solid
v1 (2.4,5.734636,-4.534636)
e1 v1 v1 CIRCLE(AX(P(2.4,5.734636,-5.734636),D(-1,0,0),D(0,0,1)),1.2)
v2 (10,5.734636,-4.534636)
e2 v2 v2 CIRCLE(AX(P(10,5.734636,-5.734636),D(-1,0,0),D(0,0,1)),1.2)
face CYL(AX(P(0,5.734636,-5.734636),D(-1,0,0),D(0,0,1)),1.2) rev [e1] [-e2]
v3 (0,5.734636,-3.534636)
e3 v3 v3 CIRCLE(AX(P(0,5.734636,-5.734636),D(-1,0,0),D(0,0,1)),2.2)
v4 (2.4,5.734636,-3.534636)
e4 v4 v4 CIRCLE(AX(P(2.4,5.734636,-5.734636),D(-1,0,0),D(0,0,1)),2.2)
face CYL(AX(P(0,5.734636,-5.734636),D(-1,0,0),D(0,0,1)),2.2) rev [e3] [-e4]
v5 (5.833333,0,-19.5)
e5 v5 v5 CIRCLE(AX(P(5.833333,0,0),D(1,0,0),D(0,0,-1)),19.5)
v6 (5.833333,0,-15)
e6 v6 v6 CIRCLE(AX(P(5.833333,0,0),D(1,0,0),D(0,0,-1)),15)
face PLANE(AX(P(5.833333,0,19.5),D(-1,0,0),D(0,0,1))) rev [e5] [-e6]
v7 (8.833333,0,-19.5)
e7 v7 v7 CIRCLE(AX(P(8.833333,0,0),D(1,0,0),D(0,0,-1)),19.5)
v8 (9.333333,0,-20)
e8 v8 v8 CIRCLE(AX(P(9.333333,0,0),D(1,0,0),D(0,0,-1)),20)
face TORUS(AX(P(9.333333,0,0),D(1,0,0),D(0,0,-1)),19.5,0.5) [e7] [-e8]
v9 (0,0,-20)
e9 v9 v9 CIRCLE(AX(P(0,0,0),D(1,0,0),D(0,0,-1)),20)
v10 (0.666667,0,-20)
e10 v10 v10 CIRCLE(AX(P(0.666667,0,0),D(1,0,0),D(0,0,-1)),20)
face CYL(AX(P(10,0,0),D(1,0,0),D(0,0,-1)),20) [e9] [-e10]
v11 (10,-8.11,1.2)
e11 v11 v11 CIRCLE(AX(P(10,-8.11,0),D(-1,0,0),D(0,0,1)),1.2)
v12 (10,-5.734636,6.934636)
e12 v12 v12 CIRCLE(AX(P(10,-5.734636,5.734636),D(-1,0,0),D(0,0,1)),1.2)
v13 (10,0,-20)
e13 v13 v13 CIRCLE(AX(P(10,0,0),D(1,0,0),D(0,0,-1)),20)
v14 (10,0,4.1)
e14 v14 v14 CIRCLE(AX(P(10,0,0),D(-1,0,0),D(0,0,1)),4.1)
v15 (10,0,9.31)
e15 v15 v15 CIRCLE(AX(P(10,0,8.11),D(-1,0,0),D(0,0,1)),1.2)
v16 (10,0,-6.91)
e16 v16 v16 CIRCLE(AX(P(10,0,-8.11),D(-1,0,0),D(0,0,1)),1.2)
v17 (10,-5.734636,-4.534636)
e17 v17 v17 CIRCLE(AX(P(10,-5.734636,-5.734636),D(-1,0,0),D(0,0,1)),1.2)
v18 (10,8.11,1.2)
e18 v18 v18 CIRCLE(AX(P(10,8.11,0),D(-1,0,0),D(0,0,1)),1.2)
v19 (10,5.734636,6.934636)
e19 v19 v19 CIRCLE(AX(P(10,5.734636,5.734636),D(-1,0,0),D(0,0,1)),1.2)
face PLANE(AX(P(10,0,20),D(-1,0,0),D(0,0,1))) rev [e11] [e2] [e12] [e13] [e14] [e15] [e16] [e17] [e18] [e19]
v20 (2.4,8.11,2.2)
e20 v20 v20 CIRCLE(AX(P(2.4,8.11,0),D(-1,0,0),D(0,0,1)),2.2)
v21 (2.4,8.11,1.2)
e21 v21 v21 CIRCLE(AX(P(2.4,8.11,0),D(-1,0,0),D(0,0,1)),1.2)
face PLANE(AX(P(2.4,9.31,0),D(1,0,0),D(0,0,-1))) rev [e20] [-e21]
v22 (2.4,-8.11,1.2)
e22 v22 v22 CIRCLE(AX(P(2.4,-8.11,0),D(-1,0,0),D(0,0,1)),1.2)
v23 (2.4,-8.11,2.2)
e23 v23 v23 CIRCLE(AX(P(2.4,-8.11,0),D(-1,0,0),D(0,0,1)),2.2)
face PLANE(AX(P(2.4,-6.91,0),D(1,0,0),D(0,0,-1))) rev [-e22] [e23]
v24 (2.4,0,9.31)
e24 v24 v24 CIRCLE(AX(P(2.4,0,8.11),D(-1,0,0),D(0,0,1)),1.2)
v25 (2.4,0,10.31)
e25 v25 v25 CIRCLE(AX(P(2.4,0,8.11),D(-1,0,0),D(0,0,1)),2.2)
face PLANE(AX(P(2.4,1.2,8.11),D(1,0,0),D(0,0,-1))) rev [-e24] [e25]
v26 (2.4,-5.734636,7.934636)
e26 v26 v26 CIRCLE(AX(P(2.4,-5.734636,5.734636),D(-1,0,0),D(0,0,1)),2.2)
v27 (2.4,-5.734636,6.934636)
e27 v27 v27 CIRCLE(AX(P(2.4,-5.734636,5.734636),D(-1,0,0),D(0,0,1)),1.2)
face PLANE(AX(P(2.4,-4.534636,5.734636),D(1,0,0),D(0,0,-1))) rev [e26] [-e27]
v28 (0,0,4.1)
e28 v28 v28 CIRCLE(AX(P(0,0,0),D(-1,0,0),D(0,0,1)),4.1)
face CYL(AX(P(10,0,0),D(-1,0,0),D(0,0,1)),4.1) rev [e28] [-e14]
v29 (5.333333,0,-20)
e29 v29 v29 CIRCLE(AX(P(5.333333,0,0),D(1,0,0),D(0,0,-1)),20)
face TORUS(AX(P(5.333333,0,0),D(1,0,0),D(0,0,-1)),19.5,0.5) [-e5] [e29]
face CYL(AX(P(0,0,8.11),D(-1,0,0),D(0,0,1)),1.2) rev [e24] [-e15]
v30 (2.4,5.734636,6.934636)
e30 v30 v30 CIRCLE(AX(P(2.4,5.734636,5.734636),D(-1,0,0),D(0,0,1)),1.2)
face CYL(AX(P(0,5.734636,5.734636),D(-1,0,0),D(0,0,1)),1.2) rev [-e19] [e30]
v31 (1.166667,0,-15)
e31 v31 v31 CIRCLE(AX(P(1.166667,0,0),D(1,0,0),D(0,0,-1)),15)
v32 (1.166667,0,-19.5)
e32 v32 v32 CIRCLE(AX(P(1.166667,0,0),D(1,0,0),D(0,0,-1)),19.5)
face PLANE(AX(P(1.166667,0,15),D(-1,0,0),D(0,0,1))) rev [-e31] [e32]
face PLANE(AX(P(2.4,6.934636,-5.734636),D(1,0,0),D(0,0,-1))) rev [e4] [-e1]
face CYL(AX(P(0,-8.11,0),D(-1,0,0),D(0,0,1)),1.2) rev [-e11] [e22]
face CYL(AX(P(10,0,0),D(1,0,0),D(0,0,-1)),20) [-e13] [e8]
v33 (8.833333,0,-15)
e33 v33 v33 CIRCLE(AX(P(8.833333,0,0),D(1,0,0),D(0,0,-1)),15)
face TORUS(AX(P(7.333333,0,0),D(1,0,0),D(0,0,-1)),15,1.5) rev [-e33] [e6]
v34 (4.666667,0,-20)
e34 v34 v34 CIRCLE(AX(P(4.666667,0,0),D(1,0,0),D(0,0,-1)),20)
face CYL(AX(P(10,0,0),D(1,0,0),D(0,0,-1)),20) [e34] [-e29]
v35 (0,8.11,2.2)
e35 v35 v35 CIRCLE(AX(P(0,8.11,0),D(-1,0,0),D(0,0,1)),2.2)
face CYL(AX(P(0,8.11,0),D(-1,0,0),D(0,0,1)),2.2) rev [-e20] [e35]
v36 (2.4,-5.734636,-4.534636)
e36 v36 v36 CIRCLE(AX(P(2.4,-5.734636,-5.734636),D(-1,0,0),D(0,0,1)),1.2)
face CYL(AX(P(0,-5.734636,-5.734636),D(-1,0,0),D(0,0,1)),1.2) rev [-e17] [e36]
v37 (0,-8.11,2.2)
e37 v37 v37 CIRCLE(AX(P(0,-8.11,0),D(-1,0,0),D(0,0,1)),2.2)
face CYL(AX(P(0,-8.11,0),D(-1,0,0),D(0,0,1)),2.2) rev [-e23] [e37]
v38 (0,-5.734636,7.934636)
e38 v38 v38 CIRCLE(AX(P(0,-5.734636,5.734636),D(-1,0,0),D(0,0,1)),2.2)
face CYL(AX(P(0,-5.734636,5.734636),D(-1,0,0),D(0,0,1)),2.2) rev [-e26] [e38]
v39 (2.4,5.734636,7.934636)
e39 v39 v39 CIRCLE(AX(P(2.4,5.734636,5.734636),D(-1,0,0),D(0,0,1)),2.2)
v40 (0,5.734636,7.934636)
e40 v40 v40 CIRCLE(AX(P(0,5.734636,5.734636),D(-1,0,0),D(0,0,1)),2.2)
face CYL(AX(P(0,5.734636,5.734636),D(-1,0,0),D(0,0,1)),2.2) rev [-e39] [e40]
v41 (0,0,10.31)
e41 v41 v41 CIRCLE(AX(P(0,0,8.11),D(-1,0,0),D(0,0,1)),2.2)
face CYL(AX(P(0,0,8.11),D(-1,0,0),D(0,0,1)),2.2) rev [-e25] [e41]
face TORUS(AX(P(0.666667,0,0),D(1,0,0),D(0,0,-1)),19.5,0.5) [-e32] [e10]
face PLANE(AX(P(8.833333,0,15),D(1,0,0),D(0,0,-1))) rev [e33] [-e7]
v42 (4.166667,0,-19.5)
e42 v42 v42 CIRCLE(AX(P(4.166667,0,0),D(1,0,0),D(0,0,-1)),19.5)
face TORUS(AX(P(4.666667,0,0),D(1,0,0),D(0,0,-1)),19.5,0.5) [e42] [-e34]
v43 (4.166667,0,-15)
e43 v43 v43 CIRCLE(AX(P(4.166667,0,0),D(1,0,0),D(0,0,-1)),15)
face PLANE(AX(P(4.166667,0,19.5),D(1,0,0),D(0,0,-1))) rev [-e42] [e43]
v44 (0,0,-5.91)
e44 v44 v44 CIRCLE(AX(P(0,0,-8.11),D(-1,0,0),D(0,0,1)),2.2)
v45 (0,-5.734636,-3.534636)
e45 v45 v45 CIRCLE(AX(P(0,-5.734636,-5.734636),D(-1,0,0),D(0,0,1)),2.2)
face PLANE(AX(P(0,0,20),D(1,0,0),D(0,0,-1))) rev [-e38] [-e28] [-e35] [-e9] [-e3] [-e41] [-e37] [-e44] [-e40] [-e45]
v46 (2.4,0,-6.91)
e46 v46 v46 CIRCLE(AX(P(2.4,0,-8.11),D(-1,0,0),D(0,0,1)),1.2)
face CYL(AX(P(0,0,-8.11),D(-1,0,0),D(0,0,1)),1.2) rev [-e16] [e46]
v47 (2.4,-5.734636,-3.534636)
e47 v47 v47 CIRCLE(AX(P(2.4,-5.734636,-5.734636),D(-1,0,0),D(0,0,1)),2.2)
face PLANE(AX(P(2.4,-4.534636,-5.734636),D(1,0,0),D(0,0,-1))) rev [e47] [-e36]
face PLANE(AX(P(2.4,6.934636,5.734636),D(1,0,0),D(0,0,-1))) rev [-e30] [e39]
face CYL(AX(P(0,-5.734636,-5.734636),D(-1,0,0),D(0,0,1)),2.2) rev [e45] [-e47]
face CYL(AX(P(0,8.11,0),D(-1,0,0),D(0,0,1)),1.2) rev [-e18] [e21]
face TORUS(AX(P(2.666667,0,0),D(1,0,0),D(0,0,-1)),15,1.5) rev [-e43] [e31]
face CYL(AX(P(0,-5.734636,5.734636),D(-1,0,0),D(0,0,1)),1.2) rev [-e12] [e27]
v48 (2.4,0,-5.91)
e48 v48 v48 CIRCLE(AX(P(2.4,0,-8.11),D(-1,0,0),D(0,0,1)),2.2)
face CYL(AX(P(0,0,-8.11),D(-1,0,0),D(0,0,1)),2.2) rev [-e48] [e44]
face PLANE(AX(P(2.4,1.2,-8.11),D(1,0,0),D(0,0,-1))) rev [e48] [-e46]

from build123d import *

# Parameters (mm, degrees)
CBORE_FOR_M2_HEX_SOCKET_HEAD_CAP_SCREW5_D           = 2.4
CBORE_FOR_M2_HEX_SOCKET_HEAD_CAP_SCREW5_CBORE_D     = 4.4
CBORE_FOR_M2_HEX_SOCKET_HEAD_CAP_SCREW5_CBORE_DEPTH = 2.4
SKETCH2_R                                           = 4.1
CUT_EXTRUDE1_DEPTH                                  = 10


with BuildPart() as part:
    # Sketch1 → Revolve4 (revolve)
    with BuildSketch(Plane(origin=(0, 0, 0), x_dir=(-1, 0, 0), z_dir=(0, 1, 0))):
        with BuildLine():
            Line((-10, 0), (0, 0))
            Line((0, 0), (0, 20))
            Line((0, 20), (-0.666666667, 20))
            ThreePointArc((-0.666666667, 20), (-1.020220057, 19.853553391), (-1.166666667, 19.5))
            Line((-1.166666667, 19.5), (-1.166666667, 15))
            ThreePointArc((-1.166666667, 15), (-2.666666667, 13.5), (-4.166666667, 15))
            Line((-4.166666667, 15), (-4.166666667, 19.5))
            ThreePointArc((-4.166666667, 19.5), (-4.313113276, 19.853553391), (-4.666666667, 20))
            Line((-4.666666667, 20), (-5.333333333, 20))
            ThreePointArc((-5.333333333, 20), (-5.686886724, 19.853553391), (-5.833333333, 19.5))
            Line((-5.833333333, 19.5), (-5.833333333, 15))
            ThreePointArc((-5.833333333, 15), (-7.333333333, 13.5), (-8.833333333, 15))
            Line((-8.833333333, 15), (-8.833333333, 19.5))
            ThreePointArc((-8.833333333, 19.5), (-8.979779943, 19.853553391), (-9.333333333, 20))
            Line((-9.333333333, 20), (-10, 20))
            Line((-10, 20), (-10, 0))
        make_face()
    revolve(axis=Axis((10, 0, 0), (-1, 0, 0)))

    # CBORE for M2 Hex Socket Head Cap Screw5 (through all)
    with Locations(Plane.ZY):
        with Locations((8.11, 0), (5.734635995, 5.734635995), (0, 8.11), (-5.734635995, 5.734635995), (-8.11, 0), (-5.734635995, -5.734635995), (0, -8.11), (5.734635995, -5.734635995)):
            CounterBoreHole(CBORE_FOR_M2_HEX_SOCKET_HEAD_CAP_SCREW5_D / 2, CBORE_FOR_M2_HEX_SOCKET_HEAD_CAP_SCREW5_CBORE_D / 2, CBORE_FOR_M2_HEX_SOCKET_HEAD_CAP_SCREW5_CBORE_DEPTH)

    # Sketch2 → Cut-Extrude1 (cut)
    with BuildSketch(Plane(origin=(0, 0, 0), x_dir=(0, -1, 0), z_dir=(-1, 0, 0))):
        Circle(SKETCH2_R)
    extrude(amount=-CUT_EXTRUDE1_DEPTH, mode=Mode.SUBTRACT)


solid = part.part
